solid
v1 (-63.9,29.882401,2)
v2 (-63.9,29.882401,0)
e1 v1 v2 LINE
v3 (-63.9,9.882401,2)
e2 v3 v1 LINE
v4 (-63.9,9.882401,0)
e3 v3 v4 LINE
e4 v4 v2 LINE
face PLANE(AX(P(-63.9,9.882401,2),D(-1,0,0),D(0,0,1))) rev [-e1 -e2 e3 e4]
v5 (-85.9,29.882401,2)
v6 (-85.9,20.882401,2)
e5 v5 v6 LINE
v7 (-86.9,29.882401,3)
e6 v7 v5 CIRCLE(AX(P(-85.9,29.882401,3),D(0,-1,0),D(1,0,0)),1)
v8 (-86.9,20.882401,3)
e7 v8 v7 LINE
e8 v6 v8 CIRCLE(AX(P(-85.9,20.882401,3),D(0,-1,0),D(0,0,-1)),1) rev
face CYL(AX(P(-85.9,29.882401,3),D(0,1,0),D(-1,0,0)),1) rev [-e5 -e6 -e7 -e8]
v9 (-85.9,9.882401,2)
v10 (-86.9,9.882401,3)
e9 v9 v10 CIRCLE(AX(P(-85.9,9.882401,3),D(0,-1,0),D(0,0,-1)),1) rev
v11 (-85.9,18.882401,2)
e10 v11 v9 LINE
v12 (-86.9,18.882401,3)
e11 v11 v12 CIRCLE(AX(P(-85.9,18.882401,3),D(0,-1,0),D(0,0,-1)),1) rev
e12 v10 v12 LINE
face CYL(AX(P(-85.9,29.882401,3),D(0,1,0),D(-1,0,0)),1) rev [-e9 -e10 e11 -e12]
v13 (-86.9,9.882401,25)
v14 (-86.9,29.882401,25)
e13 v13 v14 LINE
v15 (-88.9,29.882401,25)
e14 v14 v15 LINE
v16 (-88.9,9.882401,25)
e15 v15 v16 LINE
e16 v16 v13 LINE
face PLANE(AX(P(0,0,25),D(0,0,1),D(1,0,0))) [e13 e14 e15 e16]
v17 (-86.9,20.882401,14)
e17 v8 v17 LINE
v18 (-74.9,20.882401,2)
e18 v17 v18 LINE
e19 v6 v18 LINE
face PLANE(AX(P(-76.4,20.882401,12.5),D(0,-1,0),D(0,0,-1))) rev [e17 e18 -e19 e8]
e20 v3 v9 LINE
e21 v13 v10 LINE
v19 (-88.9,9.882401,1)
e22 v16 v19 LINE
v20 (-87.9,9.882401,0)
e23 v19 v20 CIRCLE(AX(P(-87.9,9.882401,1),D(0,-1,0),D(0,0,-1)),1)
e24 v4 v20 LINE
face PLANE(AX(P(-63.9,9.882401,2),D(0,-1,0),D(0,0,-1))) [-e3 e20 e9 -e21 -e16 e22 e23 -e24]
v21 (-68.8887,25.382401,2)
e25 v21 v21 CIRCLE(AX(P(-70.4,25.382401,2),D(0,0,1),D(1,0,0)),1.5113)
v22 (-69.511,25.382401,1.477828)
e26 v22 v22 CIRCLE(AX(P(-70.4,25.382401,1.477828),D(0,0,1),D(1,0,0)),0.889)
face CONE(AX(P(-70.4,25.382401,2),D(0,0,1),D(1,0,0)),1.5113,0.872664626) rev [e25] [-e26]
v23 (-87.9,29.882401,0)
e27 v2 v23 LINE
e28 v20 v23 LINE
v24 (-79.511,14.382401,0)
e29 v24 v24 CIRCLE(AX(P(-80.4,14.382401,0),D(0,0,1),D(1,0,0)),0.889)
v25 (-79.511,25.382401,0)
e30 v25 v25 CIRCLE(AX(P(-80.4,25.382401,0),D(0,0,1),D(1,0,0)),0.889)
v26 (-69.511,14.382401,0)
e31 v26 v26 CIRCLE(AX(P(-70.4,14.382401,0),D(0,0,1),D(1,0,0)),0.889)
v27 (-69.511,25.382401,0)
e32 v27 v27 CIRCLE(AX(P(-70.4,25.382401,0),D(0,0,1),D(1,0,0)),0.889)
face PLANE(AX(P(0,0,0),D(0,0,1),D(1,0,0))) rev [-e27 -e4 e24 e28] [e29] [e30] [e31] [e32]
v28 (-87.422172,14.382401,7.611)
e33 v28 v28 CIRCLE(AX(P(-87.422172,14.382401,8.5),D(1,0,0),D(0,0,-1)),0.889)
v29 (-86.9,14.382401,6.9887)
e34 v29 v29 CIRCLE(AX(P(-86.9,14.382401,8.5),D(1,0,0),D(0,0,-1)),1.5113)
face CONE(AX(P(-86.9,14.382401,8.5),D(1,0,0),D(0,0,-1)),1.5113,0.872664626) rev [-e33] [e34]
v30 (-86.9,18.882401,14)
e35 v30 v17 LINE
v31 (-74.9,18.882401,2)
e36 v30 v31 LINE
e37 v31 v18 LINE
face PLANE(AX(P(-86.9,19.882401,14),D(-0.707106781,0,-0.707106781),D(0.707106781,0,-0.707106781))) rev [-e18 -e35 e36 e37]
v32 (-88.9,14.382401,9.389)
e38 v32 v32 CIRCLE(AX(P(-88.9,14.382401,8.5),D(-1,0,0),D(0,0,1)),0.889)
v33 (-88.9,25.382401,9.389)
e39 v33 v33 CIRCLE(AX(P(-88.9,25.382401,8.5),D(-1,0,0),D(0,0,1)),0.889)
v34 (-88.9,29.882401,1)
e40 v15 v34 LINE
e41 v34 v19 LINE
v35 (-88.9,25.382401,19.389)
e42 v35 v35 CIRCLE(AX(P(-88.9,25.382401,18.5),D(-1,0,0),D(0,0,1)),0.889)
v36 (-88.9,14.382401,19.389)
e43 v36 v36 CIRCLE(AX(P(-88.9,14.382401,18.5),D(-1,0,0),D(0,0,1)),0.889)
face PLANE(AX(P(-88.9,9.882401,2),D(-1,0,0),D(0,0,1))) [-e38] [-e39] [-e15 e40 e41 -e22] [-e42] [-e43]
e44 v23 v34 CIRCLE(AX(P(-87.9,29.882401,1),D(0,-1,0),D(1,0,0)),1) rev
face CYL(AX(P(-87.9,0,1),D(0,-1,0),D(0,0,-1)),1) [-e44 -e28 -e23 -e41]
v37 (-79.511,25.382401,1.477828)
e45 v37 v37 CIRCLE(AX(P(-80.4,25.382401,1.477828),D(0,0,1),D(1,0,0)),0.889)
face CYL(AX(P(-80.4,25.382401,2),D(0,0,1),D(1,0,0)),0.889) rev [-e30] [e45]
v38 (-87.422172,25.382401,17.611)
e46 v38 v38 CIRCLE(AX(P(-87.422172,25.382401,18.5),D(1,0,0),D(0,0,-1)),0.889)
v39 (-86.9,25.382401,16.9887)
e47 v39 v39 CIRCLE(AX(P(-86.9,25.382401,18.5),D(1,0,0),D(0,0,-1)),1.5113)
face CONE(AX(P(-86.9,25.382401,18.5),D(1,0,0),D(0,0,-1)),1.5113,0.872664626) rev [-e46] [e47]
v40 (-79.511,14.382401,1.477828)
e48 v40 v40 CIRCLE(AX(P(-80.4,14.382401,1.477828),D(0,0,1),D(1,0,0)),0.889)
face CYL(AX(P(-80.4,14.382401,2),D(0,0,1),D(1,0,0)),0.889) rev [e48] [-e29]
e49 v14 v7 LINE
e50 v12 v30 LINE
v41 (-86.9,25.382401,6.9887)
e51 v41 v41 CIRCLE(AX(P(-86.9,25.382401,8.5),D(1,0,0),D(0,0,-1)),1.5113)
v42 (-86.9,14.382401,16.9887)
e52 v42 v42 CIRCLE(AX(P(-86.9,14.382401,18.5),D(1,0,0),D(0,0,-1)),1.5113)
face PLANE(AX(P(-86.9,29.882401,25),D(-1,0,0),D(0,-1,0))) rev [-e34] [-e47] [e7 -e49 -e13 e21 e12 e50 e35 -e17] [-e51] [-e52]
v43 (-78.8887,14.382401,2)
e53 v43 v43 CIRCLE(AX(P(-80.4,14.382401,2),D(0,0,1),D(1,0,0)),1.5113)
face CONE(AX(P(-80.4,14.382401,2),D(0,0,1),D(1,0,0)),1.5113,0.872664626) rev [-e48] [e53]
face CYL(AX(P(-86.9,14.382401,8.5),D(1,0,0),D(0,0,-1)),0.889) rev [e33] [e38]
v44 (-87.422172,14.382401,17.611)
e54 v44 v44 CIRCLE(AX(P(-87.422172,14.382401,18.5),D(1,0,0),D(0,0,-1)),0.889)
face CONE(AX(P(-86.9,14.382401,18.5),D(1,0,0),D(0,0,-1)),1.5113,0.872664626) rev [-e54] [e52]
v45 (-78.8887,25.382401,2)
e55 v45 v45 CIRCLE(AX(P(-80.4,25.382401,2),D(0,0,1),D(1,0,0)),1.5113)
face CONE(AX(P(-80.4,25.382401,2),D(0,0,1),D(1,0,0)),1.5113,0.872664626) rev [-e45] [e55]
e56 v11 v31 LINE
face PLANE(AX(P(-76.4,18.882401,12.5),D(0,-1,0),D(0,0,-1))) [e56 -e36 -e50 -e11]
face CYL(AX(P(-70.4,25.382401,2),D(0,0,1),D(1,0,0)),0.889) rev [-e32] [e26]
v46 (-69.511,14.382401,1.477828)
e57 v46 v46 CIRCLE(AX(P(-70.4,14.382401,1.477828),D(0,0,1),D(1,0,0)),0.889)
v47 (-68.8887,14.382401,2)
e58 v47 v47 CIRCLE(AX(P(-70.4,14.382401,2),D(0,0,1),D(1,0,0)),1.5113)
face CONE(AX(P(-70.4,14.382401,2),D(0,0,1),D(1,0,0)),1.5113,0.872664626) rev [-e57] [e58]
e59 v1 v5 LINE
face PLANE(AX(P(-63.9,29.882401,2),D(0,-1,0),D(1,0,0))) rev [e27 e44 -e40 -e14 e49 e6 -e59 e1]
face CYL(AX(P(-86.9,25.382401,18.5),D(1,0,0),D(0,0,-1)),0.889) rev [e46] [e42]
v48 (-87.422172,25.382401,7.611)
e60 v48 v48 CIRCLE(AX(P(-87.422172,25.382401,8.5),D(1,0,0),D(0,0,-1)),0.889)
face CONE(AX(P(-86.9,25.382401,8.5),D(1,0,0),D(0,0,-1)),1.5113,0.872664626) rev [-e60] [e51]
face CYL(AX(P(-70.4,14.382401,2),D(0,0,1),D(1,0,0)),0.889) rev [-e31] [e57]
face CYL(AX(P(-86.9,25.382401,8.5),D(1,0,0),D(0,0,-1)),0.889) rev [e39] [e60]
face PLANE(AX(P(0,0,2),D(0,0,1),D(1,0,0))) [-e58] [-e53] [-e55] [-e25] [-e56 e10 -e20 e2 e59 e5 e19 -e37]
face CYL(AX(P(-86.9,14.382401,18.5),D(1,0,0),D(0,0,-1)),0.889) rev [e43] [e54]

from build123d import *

# Parameters (mm, degrees)
SKETCH1_W                                 = 25
SKETCH1_H                                 = 20
BOSS_EXTRUDE1_DEPTH                       = 2
SKETCH2_W                                 = 2
SKETCH2_H                                 = 20
BOSS_EXTRUDE2_DEPTH                       = 23
FILLET2_R                                 = 1
FILLET3_R                                 = 1
RIB1_REACH                                = 94.888
SKETCH4_WALL_W                            = 204.746879862
SKETCH4_WALL_H                            = 2
CSK_FOR_0_FLAT_HEAD_MACHINE_SCREW_2_COUNT = 2
CSK_FOR_0_FLAT_HEAD_MACHINE_SCREW_2_PITCH = 10


with BuildPart() as part:
    # Sketch1 → Boss-Extrude1 (new body)
    with BuildSketch(Plane.XY):
        with Locations((-76.4, 19.882401427)):
            Rectangle(SKETCH1_W, SKETCH1_H)
    extrude(amount=BOSS_EXTRUDE1_DEPTH)

    # Sketch2 → Boss-Extrude2 (add)
    with BuildSketch(Plane.XY.offset(2)):
        with Locations((-87.9, 19.882401427)):
            Rectangle(SKETCH2_W, SKETCH2_H)
    extrude(amount=BOSS_EXTRUDE2_DEPTH)

    # Fillet2
    fillet2_edges = [part.edges().sort_by_distance(p)[0] for p in [
        (-86.9, 19.882401427, 2),
    ]]
    fillet(fillet2_edges, radius=FILLET2_R)

    # Fillet3
    fillet3_edges = [part.edges().sort_by_distance(p)[0] for p in [
        (-88.9, 19.882401427, 0),
    ]]
    fillet(fillet3_edges, radius=FILLET3_R)

    # Sketch4 wall → Rib1 (add, up to next)
    with BuildSketch(Plane(origin=(-80.9, 19.882401427, 8), x_dir=(0.707106781187, 0, -0.707106781187), z_dir=(0.707106781187, 0, 0.707106781187)), mode=Mode.PRIVATE) as rib1_sk1:
        Rectangle(SKETCH4_WALL_W, SKETCH4_WALL_H)
    rib1_tool1 = extrude(rib1_sk1.sketch, amount=-RIB1_REACH, mode=Mode.PRIVATE) - part.part
    add(rib1_tool1.solids().sort_by_distance((-80.9, 19.882401427, 8))[0])

    # Sketch5 → CSK for #0 Flat Head Machine Screw (100)1 (revolve, cut)
    with BuildSketch(Plane(origin=(-80.4, 14.382401427, 2), x_dir=(0, -1, 0), z_dir=(1, 0, 0))):
        Polygon((0, 0), (0, 10.53416509), (0.889, 10), (0.889, 0.5221717), (1.5113, 0), align=None)
    csk_for_0_flat_head_machine_screw_100 = revolve(axis=Axis((-80.4, 14.382401427, 8.35), (0, 0, -1)), mode=Mode.SUBTRACT)

    # CSK for _0 Flat Head Machine Screw _ 2: CSK for #0 Flat Head Machine Screw (100)1 ×2
    with Locations(*[(i * CSK_FOR_0_FLAT_HEAD_MACHINE_SCREW_2_PITCH, 0, 0) for i in range(1, CSK_FOR_0_FLAT_HEAD_MACHINE_SCREW_2_COUNT)]):
        add(csk_for_0_flat_head_machine_screw_100, mode=Mode.SUBTRACT)

    # Mirror1: CSK for #0 Flat Head Machine Screw (100)1 across plane
    add(csk_for_0_flat_head_machine_screw_100.mirror(Plane(origin=(0, 19.882401427, 0), x_dir=(0, 0, 1), z_dir=(0, -1, 0))), mode=Mode.SUBTRACT)

    # Mirror1 copy 1 sketch → Mirror1 copy 1 (revolve, cut)
    with BuildSketch(Plane(origin=(-70.4, 25.382401427, 2), x_dir=(0, 1, 0), z_dir=(1, 0, 0))):
        Polygon((0, 0), (0, -10.53416509), (0.889, -10), (0.889, -0.5221717), (1.5113, 0), align=None)
    revolve(axis=Axis((-70.4, 25.382401427, 8.35), (0, 0, 1)), mode=Mode.SUBTRACT)

    # Mirror2: CSK for #0 Flat Head Machine Screw (100)1 across plane
    add(csk_for_0_flat_head_machine_screw_100.mirror(Plane(origin=(-44.45, 0, 44.45), x_dir=(0.7071067811865481, 2.453269466693398e-15, 0.707106781186547), z_dir=(0.7071067811865471, 2.4532694666933947e-15, -0.707106781186548))), mode=Mode.SUBTRACT)

    # Mirror2 copy 1 sketch → Mirror2 copy 1 (revolve, cut)
    with BuildSketch(Plane(origin=(-86.9, 14.382401427, 18.5), x_dir=(0, -1, 0), z_dir=(0, 0, 1))):
        Polygon((0, 0), (0, -10.53416509), (0.889, -10), (0.889, -0.5221717), (1.5113, 0), align=None)
    revolve(axis=Axis((-80.55, 14.382401427, 18.5), (1, 0, 0)), mode=Mode.SUBTRACT)

    # Mirror2 copy 2 sketch → Mirror2 copy 2 (revolve, cut)
    with BuildSketch(Plane(origin=(-86.9, 25.382401427, 8.5), x_dir=(0, 1, 0), z_dir=(0, 0, 1))):
        Polygon((0, 0), (0, 10.53416509), (0.889, 10), (0.889, 0.5221717), (1.5113, 0), align=None)
    revolve(axis=Axis((-80.55, 25.382401427, 8.5), (-1, 0, 0)), mode=Mode.SUBTRACT)

    # Mirror2 copy 3 sketch → Mirror2 copy 3 (revolve, cut)
    with BuildSketch(Plane(origin=(-86.9, 25.382401427, 18.5), x_dir=(0, 1, 0), z_dir=(0, 0, 1))):
        Polygon((0, 0), (0, 10.53416509), (0.889, 10), (0.889, 0.5221717), (1.5113, 0), align=None)
    revolve(axis=Axis((-80.55, 25.382401427, 18.5), (-1, 0, 0)), mode=Mode.SUBTRACT)


solid = part.part
